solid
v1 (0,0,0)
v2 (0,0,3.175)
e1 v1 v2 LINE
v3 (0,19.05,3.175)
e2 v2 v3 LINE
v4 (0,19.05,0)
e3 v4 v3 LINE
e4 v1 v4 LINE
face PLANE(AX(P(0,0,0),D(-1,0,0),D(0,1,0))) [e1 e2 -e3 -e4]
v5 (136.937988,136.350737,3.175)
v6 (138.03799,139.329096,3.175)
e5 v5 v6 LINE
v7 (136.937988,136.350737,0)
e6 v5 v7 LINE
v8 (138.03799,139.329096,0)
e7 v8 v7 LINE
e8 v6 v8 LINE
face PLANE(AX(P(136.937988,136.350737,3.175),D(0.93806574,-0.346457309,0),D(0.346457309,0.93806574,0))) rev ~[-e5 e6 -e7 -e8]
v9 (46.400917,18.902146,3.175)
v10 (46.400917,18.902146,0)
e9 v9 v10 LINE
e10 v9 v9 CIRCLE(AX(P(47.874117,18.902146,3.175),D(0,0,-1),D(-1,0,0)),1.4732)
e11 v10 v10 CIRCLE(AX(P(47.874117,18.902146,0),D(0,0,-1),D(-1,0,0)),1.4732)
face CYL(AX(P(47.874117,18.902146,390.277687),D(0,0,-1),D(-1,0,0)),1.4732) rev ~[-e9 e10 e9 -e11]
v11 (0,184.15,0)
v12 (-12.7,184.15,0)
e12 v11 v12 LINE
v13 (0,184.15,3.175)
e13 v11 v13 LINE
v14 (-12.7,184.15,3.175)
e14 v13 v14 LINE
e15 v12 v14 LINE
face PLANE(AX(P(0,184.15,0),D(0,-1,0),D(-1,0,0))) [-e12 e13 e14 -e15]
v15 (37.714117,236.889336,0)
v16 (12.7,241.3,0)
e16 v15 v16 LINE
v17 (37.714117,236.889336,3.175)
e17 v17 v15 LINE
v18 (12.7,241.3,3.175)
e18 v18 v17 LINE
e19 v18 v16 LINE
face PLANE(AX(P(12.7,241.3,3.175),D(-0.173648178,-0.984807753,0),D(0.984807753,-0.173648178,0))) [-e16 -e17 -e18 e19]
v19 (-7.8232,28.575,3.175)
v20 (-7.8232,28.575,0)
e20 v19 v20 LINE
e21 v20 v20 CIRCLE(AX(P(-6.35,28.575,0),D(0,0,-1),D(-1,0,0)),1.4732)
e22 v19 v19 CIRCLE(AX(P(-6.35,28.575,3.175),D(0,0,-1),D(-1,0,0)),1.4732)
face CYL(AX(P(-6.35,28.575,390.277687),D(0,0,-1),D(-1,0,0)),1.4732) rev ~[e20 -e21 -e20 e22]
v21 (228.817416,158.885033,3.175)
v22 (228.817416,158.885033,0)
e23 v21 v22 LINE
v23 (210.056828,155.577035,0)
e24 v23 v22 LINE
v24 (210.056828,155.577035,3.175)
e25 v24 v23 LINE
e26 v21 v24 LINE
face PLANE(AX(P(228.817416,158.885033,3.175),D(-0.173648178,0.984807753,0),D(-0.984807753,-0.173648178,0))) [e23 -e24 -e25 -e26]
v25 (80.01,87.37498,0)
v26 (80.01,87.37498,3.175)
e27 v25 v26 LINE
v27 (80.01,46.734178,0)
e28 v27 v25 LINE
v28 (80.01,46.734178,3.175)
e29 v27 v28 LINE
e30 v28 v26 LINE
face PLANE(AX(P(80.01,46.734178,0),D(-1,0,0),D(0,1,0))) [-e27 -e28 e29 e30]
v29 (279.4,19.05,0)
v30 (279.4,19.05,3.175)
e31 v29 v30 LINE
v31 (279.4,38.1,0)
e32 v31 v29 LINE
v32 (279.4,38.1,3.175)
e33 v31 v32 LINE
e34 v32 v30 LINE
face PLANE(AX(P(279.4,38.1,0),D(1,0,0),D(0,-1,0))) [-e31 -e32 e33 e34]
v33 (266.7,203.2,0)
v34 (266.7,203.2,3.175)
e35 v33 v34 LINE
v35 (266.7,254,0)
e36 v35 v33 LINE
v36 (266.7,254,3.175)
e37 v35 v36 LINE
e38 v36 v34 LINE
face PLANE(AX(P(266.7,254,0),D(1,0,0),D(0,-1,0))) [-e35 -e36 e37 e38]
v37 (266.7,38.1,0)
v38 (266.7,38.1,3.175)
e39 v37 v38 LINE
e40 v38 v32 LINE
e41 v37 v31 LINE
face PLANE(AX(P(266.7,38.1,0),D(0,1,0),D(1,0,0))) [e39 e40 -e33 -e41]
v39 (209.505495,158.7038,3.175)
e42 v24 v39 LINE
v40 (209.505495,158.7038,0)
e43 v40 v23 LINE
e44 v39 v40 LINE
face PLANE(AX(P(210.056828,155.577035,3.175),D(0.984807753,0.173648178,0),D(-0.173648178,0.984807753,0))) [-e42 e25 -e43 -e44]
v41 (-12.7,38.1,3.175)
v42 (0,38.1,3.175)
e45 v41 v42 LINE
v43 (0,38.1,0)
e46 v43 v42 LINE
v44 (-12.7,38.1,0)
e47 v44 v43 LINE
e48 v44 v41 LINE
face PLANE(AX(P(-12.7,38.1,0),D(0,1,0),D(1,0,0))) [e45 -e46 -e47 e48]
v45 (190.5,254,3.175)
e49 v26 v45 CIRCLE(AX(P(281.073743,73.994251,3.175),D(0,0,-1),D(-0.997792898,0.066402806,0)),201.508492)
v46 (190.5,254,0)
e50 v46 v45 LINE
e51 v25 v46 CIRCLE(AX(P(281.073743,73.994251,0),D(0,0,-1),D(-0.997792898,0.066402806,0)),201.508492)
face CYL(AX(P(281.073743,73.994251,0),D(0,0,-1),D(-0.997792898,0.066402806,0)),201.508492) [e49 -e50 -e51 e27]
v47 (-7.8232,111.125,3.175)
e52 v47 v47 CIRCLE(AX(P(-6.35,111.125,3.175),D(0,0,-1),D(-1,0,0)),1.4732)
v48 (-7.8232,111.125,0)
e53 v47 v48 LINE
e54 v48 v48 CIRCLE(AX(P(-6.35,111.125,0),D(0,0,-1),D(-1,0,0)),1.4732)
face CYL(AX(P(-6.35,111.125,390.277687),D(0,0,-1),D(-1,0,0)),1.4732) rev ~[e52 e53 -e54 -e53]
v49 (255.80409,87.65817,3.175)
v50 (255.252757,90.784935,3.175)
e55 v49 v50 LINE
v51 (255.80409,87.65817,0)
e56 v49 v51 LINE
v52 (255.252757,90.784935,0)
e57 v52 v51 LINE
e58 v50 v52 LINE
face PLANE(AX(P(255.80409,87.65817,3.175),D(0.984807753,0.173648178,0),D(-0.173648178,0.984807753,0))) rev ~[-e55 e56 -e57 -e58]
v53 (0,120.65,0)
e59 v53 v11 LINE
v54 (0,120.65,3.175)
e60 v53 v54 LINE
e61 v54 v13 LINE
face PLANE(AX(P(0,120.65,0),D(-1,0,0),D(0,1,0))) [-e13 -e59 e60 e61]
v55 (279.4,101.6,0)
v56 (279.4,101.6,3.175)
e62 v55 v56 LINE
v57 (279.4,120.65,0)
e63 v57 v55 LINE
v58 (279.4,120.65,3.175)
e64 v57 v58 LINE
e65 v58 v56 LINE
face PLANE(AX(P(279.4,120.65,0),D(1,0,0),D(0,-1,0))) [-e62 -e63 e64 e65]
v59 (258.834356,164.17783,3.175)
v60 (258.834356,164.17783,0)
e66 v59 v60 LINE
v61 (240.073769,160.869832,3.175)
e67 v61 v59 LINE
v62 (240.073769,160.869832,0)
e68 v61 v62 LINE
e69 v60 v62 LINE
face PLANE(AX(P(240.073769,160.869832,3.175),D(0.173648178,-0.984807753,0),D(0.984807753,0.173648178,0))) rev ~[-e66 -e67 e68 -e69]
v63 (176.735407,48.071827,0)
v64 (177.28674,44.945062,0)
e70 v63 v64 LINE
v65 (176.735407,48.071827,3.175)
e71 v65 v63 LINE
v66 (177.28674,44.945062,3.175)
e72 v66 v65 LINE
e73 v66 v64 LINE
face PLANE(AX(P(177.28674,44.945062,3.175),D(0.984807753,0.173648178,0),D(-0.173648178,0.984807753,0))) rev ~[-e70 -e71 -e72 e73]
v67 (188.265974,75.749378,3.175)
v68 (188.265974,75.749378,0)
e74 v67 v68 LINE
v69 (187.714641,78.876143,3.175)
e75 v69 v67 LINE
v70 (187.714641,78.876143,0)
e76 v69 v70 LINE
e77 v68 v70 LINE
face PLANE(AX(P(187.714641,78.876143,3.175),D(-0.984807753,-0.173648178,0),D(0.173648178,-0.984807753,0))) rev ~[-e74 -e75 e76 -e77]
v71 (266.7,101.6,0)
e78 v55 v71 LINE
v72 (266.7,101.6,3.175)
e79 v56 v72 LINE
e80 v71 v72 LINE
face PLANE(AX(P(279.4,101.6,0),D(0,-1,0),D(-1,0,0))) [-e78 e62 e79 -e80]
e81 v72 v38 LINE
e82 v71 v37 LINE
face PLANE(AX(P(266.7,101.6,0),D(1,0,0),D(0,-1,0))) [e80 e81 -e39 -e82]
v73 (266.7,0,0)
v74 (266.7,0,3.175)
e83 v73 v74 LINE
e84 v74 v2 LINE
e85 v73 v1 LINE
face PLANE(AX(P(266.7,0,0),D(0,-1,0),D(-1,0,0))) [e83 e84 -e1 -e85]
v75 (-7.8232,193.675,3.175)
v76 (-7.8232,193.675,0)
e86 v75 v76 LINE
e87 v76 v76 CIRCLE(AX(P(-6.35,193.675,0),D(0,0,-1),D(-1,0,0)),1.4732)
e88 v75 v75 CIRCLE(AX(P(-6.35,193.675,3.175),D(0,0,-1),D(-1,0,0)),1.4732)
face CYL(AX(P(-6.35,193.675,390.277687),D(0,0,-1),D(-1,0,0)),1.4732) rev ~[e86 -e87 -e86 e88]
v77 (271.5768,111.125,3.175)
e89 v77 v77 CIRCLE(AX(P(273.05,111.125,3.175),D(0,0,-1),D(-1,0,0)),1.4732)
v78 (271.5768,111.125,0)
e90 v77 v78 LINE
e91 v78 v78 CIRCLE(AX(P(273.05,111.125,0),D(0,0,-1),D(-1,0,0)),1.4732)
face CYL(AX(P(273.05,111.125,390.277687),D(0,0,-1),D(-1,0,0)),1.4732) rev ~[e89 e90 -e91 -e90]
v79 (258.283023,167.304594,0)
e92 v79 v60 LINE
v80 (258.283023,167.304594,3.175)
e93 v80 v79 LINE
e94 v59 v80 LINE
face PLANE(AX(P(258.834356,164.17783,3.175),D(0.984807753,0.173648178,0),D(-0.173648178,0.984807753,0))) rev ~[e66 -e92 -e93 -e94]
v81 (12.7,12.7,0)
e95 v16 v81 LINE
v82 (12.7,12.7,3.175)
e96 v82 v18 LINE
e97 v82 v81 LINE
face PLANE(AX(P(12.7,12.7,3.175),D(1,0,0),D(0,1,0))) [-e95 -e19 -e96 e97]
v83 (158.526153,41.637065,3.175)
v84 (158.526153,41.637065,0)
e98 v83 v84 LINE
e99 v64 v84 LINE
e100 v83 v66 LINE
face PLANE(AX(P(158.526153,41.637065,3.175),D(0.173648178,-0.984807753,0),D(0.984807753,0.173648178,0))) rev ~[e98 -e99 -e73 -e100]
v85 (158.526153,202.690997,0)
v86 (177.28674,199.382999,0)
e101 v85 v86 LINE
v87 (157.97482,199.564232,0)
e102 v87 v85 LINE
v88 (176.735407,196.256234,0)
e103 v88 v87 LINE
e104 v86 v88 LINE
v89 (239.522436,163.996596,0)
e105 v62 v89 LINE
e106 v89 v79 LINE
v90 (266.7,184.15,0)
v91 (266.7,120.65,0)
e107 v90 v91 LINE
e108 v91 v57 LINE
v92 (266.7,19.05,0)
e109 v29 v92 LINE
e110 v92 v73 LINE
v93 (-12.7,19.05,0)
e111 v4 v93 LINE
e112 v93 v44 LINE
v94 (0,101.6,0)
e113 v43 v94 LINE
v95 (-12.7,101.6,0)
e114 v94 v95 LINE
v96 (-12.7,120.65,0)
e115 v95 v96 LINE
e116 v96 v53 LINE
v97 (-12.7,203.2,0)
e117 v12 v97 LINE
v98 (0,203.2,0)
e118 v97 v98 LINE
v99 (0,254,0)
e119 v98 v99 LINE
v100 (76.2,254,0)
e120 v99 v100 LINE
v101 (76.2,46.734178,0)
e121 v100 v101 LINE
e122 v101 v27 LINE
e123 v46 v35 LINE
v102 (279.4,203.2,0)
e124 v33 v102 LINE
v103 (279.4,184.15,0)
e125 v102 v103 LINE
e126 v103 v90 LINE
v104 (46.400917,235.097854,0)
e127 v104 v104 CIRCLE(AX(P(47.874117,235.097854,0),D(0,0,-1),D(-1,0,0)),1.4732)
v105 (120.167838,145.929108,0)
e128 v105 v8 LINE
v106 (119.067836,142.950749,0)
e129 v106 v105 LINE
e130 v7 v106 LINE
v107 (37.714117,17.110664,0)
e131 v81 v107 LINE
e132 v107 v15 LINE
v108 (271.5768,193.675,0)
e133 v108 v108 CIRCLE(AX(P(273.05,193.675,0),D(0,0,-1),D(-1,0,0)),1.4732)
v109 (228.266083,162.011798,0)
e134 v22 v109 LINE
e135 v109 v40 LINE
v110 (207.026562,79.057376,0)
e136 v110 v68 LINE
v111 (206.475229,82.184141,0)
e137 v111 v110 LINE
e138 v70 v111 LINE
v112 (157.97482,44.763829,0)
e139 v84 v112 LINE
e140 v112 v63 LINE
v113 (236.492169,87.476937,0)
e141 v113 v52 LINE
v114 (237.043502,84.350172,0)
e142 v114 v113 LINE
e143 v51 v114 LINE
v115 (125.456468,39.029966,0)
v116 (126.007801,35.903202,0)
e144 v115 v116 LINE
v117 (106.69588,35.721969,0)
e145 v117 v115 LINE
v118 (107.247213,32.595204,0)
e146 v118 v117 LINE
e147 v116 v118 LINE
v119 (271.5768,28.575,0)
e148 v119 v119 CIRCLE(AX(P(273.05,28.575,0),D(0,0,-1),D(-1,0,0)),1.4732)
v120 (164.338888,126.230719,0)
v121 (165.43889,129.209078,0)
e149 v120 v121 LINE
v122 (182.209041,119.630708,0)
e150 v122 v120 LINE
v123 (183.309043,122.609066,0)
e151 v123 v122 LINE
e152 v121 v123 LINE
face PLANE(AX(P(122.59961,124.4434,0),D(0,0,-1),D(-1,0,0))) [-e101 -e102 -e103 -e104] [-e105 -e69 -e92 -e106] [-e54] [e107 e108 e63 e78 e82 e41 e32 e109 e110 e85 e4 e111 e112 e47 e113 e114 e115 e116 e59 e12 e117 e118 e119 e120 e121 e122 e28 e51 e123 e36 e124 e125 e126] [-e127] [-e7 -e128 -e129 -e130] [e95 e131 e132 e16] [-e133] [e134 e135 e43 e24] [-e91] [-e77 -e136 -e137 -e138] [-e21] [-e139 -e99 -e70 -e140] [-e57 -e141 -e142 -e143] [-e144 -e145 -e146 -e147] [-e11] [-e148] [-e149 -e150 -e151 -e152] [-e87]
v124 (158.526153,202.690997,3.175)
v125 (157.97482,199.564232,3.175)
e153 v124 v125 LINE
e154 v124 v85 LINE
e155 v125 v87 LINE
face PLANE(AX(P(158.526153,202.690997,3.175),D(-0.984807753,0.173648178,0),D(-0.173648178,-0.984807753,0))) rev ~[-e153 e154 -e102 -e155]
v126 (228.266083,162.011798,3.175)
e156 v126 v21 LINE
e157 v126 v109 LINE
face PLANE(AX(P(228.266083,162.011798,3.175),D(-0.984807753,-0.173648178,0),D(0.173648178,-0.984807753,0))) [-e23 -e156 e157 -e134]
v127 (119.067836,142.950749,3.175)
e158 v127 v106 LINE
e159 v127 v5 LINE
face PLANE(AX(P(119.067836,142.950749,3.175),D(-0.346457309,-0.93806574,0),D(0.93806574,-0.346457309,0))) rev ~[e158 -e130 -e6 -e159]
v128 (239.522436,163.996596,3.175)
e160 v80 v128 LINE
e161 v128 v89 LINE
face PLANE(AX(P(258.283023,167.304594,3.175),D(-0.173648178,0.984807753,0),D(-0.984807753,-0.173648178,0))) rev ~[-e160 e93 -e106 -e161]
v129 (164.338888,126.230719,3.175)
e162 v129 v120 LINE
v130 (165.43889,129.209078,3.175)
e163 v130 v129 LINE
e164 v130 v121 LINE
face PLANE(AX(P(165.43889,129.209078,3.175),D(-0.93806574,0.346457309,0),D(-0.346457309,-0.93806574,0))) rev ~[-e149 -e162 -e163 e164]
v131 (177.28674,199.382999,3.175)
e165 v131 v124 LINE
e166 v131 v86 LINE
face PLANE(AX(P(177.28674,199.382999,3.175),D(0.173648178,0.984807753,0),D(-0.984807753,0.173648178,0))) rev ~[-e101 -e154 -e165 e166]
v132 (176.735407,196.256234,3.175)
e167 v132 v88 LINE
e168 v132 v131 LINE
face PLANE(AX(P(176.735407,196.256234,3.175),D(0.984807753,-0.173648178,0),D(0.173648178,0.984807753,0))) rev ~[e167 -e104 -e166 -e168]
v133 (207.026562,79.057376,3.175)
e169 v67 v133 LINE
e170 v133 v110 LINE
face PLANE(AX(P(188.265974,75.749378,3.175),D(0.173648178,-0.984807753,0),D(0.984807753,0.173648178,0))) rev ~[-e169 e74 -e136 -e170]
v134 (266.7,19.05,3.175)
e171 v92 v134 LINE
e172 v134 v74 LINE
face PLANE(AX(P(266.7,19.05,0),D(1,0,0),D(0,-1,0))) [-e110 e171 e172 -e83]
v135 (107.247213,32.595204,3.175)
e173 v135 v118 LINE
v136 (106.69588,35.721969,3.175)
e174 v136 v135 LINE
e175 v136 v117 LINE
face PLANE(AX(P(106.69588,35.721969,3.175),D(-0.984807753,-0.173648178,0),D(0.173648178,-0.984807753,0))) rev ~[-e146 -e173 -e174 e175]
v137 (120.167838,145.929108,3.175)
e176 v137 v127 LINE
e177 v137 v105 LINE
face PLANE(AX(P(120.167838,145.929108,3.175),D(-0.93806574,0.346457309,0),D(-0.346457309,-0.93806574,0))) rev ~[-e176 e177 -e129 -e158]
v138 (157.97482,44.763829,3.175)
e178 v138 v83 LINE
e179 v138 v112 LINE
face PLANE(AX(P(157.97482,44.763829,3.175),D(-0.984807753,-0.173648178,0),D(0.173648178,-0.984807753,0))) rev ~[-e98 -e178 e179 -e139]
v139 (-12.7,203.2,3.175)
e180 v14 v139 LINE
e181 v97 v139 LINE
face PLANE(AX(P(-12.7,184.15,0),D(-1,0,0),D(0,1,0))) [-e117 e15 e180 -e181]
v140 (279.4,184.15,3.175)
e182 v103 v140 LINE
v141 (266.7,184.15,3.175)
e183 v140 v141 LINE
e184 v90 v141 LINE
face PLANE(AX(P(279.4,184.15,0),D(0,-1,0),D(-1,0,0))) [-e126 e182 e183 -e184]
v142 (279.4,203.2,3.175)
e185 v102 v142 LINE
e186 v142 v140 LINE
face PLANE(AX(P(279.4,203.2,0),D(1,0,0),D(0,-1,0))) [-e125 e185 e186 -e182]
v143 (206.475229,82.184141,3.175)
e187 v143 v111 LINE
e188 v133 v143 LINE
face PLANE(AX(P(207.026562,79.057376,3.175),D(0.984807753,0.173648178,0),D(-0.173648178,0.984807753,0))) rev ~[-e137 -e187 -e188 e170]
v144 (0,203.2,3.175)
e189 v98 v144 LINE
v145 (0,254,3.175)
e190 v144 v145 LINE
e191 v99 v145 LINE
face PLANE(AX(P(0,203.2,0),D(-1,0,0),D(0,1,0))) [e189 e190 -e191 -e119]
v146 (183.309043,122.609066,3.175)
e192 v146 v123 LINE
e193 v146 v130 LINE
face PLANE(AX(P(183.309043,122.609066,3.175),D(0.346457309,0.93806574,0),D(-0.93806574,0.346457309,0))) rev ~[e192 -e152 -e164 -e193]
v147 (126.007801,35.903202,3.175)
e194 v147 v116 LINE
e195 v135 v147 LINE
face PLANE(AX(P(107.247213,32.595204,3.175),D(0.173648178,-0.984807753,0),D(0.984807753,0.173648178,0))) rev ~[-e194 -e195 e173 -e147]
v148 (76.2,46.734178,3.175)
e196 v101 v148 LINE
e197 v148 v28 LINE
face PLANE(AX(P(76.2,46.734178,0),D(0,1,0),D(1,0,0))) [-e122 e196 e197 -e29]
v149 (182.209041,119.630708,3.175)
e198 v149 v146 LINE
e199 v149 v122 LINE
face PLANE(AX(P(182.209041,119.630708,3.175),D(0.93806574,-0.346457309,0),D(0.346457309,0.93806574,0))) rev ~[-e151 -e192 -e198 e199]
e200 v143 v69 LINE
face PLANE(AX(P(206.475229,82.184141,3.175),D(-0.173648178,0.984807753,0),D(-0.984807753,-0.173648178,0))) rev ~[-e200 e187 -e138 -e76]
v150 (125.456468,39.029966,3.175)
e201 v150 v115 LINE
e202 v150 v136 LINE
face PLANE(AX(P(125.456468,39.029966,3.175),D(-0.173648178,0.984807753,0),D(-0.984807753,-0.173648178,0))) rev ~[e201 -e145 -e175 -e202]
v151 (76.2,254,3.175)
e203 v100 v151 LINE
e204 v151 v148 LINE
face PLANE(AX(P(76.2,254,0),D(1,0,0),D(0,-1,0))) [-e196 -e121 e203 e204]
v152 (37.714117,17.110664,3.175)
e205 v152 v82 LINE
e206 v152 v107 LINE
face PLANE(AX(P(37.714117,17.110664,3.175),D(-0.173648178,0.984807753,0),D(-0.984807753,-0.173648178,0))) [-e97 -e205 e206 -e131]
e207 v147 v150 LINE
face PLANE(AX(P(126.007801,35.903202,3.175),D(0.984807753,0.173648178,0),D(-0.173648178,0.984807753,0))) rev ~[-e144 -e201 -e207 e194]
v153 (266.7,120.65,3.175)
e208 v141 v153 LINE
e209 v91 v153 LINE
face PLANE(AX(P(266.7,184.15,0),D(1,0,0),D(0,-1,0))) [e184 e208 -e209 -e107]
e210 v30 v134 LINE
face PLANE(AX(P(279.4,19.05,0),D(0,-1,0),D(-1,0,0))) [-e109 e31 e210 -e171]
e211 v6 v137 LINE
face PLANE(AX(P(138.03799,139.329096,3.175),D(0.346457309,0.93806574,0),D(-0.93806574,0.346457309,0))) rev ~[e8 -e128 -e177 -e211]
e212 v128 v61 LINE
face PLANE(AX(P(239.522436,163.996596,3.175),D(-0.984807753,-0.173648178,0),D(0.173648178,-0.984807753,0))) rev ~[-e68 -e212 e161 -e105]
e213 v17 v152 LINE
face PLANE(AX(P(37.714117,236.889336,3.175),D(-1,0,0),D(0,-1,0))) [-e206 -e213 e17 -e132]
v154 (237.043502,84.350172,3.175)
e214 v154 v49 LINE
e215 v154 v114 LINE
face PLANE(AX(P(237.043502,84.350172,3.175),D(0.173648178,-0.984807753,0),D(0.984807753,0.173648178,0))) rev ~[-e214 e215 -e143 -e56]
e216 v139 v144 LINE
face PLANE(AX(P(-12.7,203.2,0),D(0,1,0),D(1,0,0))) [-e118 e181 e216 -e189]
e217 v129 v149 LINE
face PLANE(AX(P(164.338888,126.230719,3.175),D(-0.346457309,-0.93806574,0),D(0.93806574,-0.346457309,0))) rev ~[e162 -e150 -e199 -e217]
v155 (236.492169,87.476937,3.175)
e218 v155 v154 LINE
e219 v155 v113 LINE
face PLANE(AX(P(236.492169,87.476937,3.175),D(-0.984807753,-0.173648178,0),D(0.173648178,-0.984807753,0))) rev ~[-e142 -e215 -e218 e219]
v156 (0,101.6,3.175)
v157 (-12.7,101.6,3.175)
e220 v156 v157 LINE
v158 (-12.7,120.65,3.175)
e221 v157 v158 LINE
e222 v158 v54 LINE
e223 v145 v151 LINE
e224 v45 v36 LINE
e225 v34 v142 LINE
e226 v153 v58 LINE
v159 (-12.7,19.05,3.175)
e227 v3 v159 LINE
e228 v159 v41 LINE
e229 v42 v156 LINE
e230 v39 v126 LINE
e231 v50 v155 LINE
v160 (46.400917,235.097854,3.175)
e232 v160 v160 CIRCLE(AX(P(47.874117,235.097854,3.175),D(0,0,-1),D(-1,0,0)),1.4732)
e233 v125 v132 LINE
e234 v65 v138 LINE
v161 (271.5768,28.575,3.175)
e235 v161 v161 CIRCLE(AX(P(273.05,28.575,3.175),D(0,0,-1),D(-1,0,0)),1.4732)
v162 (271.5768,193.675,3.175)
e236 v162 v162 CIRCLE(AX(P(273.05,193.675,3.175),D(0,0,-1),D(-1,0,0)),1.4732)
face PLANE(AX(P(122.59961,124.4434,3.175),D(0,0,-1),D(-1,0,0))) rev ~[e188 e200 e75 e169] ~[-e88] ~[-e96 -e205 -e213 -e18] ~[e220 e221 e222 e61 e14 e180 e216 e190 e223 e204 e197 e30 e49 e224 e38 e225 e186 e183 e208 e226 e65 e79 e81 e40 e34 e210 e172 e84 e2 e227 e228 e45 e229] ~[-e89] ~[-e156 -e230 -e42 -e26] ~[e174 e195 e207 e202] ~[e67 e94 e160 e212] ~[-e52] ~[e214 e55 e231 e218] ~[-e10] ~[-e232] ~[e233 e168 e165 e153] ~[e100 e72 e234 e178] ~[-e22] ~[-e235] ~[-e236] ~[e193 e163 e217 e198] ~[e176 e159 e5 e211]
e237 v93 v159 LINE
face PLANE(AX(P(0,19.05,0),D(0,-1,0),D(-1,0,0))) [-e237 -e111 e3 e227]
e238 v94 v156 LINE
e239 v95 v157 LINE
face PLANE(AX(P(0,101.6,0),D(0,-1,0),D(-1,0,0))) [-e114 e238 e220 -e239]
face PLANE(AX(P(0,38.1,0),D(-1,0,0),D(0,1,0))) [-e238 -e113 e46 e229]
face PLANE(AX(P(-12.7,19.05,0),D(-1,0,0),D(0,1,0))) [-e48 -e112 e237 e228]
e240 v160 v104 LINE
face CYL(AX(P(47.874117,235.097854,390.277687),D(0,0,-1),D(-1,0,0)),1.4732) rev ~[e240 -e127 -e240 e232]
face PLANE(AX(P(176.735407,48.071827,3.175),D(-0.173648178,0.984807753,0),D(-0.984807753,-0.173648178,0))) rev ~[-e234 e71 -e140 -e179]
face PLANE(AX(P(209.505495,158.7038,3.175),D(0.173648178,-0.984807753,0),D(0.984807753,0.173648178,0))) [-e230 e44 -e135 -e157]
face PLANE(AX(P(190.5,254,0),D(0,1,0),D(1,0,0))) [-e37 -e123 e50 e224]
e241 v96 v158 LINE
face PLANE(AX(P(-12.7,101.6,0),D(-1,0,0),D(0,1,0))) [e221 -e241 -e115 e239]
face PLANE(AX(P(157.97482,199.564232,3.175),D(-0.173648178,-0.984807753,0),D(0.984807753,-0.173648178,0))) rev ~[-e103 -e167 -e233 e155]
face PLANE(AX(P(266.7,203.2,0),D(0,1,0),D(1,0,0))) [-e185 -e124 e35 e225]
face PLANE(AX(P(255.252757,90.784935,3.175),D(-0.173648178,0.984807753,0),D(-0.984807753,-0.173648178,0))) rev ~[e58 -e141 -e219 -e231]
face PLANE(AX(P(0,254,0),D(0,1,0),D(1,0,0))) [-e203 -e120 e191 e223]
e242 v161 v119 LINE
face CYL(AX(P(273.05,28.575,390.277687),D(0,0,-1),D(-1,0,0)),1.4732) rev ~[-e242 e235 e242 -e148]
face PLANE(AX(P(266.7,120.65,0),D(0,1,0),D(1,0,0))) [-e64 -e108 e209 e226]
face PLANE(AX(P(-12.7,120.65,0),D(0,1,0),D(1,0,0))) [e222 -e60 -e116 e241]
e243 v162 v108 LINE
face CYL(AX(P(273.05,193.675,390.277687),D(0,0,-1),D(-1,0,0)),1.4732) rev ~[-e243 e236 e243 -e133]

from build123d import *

# Parameters (mm, degrees)
BOSS_EXTRUDE1_DEPTH   = 3.175
CUT_EXTRUDE5_DEPTH    = 378.611494297
F_4_CLEARANCE_HOLE1_D = 2.9464
CUT_EXTRUDE15_DEPTH   = 378.611494297


with BuildPart() as part:
    # Sketch1 → Boss-Extrude1 (new body)
    with BuildSketch(Plane.XY):
        with BuildLine():
            Line((76.2, 254), (76.2, 46.734177824))
            Line((76.2, 46.734177824), (80.01, 46.734177824))
            Line((80.01, 46.734177824), (80.01, 87.374980319))
            ThreePointArc((80.01, 87.374980319), (113.133038802, 185.356688684), (190.5, 254))
            Line((190.5, 254), (266.7, 254))
            Line((266.7, 254), (266.7, 203.2))
            Line((266.7, 203.2), (279.4, 203.2))
            Line((279.4, 203.2), (279.4, 184.15))
            Line((279.4, 184.15), (266.7, 184.15))
            Line((266.7, 184.15), (266.7, 120.65))
            Line((266.7, 120.65), (279.4, 120.65))
            Line((279.4, 120.65), (279.4, 101.6))
            Line((279.4, 101.6), (266.7, 101.6))
            Line((266.7, 101.6), (266.7, 38.1))
            Line((266.7, 38.1), (279.4, 38.1))
            Line((279.4, 38.1), (279.4, 19.05))
            Line((279.4, 19.05), (266.7, 19.05))
            Line((266.7, 19.05), (266.7, 0))
            Line((266.7, 0), (0, 0))
            Line((0, 0), (0, 19.05))
            Line((0, 19.05), (-12.7, 19.05))
            Line((-12.7, 19.05), (-12.7, 38.1))
            Line((-12.7, 38.1), (0, 38.1))
            Line((0, 38.1), (0, 101.6))
            Line((0, 101.6), (-12.7, 101.6))
            Line((-12.7, 101.6), (-12.7, 120.65))
            Line((-12.7, 120.65), (0, 120.65))
            Line((0, 120.65), (0, 184.15))
            Line((0, 184.15), (-12.7, 184.15))
            Line((-12.7, 184.15), (-12.7, 203.2))
            Line((-12.7, 203.2), (0, 203.2))
            Line((0, 203.2), (0, 254))
            Line((0, 254), (76.2, 254))
        make_face()
    extrude(amount=BOSS_EXTRUDE1_DEPTH)

    # Sketch10 → Cut-Extrude5 (cut, through all)
    with BuildSketch(Plane.XY.offset(3.175)):
        Polygon((12.7, 12.7), (12.7, 241.3), (37.714116927, 236.889336287), (37.714116927, 17.110663713), align=None)
    extrude(amount=-CUT_EXTRUDE5_DEPTH, mode=Mode.SUBTRACT)

    # #4 Clearance Hole1 (through all)
    with Locations(Plane.XY.offset(3.175)):
        with Locations((-6.35, 193.675), (-6.35, 111.125), (-6.35, 28.575), (273.05, 193.675), (273.05, 111.125), (273.05, 28.575), (47.874116927, 235.097854163), (47.874116927, 18.902145837)):
            Hole(F_4_CLEARANCE_HOLE1_D / 2)

    # Sketch21 → Cut-Extrude15 (cut, through all)
    with BuildSketch(Plane.XY.offset(3.175)):
        Polygon((158.526152675, 202.69099682), (157.974819711, 199.564232204), (176.735407405, 196.256234419), (177.286740369, 199.382999035), align=None)
        Polygon((239.522435721, 163.996596363), (240.073768685, 160.869831747), (258.83435638, 164.177829531), (258.283023416, 167.304594147), align=None)
        Polygon((120.16783778, 145.92910773), (119.067835825, 142.950749004), (136.937988179, 136.350737274), (138.037990134, 139.329096), align=None)
        Polygon((165.43889041, 129.209078013), (164.338888455, 126.230719288), (182.20904081, 119.630707557), (183.309042765, 122.609066283), align=None)
        Polygon((236.492169338, 87.476937109), (237.043502302, 84.350172493), (255.804089997, 87.658170277), (255.252757033, 90.784934893), align=None)
        Polygon((187.714641331, 78.876142869), (188.265974296, 75.749378253), (207.02656199, 79.057376038), (206.475229026, 82.184140653), align=None)
        Polygon((228.266083104, 162.011797692), (228.817416068, 158.885033076), (210.056828373, 155.577035291), (209.505495409, 158.703799907), align=None)
        Polygon((106.695880011, 35.721968707), (107.247212975, 32.595204091), (126.00780067, 35.903201876), (125.456467706, 39.029966491), align=None)
        Polygon((157.974819711, 44.763829318), (158.526152675, 41.637064702), (177.286740369, 44.945062487), (176.735407405, 48.071827103), align=None)
    extrude(amount=-CUT_EXTRUDE15_DEPTH, mode=Mode.SUBTRACT)


solid = part.part
